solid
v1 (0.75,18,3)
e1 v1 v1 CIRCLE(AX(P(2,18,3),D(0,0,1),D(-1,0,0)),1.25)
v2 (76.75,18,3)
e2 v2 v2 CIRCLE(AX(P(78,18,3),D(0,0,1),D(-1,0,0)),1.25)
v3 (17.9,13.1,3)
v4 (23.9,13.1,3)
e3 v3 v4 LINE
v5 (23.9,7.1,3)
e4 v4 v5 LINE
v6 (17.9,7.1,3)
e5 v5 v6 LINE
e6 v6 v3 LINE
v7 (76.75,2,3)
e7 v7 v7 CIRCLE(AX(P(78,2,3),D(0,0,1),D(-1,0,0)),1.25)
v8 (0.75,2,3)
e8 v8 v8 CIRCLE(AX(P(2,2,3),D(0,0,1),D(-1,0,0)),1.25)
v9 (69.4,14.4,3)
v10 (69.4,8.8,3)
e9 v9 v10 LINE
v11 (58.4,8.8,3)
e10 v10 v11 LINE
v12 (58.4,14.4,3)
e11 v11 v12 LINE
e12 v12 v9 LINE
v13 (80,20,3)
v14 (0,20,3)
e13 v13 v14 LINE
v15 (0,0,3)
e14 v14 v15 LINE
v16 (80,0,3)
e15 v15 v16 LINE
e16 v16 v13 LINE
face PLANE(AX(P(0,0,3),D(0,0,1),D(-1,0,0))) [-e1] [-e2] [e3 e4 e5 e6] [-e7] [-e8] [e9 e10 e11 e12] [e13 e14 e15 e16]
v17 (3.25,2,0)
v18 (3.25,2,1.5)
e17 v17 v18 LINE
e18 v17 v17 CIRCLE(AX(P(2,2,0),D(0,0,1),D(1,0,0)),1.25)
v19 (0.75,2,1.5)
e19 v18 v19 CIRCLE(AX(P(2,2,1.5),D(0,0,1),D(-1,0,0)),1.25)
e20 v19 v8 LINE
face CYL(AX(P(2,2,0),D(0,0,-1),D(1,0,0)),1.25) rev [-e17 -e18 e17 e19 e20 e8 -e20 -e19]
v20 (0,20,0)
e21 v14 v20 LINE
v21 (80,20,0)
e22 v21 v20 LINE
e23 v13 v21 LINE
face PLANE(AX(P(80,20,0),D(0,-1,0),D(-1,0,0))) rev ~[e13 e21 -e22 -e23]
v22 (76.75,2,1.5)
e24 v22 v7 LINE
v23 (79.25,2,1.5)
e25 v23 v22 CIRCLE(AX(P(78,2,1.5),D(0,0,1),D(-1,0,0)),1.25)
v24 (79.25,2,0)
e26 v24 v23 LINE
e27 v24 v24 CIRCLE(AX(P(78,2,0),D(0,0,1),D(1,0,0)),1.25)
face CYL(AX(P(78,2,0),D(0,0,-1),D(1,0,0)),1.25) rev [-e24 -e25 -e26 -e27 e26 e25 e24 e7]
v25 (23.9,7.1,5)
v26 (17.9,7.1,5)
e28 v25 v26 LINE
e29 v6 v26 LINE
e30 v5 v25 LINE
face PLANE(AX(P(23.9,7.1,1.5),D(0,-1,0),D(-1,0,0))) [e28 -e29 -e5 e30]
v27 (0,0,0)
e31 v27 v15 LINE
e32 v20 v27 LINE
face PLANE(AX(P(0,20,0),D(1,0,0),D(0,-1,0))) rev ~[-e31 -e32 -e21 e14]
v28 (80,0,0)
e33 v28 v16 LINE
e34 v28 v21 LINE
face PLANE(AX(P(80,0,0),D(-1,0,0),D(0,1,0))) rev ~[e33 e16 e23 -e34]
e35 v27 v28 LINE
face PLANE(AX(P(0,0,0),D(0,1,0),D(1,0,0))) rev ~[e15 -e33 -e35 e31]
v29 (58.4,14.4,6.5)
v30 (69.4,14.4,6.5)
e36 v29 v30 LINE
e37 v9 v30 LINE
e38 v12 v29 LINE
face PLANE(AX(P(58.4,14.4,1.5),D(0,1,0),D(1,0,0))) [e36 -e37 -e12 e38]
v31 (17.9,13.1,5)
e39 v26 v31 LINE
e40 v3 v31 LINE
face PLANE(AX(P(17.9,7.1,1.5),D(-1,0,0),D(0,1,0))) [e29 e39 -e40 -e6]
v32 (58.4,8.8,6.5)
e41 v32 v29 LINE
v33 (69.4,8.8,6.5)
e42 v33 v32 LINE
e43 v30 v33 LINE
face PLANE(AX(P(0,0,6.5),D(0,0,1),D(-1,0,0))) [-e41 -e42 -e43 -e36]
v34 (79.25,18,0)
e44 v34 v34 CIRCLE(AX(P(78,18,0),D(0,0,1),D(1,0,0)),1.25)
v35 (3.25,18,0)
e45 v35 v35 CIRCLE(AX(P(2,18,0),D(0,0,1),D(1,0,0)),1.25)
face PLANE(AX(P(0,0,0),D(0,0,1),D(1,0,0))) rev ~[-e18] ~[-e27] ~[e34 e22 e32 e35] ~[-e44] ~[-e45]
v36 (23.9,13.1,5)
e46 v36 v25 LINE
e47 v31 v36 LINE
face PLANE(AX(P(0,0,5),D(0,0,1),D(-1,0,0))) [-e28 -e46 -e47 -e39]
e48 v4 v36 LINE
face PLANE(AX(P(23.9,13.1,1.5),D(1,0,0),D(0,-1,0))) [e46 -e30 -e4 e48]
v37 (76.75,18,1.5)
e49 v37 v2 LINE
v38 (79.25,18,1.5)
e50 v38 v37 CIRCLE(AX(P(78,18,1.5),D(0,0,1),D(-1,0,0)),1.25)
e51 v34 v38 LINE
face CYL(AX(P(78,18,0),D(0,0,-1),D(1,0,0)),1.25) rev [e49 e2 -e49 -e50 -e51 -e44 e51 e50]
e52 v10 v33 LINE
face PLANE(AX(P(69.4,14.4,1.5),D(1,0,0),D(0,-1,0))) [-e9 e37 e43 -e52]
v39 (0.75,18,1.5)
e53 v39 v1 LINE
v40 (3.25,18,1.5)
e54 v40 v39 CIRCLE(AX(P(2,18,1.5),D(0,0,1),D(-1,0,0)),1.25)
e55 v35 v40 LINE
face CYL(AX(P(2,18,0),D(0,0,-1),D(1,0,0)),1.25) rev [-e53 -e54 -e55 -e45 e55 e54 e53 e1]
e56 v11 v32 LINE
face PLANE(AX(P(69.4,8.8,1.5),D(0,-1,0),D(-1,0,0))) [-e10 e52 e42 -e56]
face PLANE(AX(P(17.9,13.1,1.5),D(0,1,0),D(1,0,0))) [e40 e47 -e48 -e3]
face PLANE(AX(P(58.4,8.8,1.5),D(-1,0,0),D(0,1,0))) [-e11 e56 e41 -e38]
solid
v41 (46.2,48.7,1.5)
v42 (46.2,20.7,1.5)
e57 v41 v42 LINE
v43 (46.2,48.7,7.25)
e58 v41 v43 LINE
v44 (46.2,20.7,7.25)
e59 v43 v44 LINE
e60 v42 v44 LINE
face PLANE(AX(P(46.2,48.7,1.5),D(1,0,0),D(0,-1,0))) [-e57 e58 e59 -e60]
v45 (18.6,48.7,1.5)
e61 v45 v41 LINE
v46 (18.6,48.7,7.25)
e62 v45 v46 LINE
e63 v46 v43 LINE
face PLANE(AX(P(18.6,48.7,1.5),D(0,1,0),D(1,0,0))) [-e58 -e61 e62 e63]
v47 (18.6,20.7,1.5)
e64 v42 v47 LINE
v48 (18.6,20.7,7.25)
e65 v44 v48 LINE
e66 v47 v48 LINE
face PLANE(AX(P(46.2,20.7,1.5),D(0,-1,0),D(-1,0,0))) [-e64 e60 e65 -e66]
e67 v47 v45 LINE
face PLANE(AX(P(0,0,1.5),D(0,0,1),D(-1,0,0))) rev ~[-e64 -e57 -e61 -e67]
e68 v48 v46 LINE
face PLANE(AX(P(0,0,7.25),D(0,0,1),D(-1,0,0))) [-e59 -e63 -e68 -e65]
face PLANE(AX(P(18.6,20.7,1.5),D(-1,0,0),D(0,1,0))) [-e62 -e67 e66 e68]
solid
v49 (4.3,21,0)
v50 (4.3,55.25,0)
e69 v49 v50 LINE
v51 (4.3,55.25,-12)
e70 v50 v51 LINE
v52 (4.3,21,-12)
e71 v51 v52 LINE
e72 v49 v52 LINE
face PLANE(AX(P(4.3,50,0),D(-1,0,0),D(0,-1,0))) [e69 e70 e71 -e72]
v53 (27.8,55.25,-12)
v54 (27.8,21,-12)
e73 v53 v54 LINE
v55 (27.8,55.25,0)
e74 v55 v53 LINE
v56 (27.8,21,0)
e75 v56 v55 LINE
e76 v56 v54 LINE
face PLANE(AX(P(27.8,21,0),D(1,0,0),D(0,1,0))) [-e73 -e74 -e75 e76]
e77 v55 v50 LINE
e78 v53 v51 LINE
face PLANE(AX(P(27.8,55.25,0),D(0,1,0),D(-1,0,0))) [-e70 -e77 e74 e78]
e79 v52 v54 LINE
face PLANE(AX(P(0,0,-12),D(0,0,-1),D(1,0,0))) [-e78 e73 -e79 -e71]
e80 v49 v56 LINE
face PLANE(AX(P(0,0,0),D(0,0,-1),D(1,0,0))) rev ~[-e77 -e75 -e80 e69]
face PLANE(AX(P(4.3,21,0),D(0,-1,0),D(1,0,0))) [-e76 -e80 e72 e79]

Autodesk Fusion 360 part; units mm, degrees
sketch "Sketch2" plane through (0, 0, 0) normal (0, 0, 1) x (1, 0, 0)
  line L0 (0, 0) -> (70, 0)
  line L1 (70, 0) -> (70, 50)
  line L2 (70, 50) -> (0, 50)
  line L3 (0, 50) -> (0, 0)
  dimension "d1" = 70
  dimension "d2" = 50
extrude "Extrude1" add sketch "Sketch2" along normal blind 1.5
sketch "Sketch3" plane through (0, 0, 1.5) normal (0, 0, 1) x (-1, 0, 0)
  line L0 (0, -50) -> (0, 0)
  line L1 (0, 0) -> (-70, 0)
  line L2 (-70, 0) -> (-70, -50)
  line L3 (-70, -50) -> (0, -50)
  line L4 (-18.6, -48.7) -> (-46.2, -48.7)
  line L5 (-46.2, -48.7) -> (-46.2, -20.7)
  line L6 (-46.2, -20.7) -> (-18.6, -20.7)
  line L7 (-18.6, -20.7) -> (-18.6, -48.7)
  line L8 (-28, -48.7) -> (-28, -50) construction
  line L9 (-18.6, -42) -> (0, -42) construction
  dimension "d5" = 27.6
  dimension "d6" = 28
  dimension "d7" = 1.3
  dimension "d8" = 18.6
extrude "Extrude2" add sketch "Sketch3" along normal blind 5.75 contours L4 L5 L6 L7
sketch "Sketch4" plane through (0, 0, 0) normal (0, 0, -1) x (1, 0, 0)
  line L0 (0, 0) -> (0, -50)
  line L1 (0, -50) -> (70, -50)
  line L2 (70, -50) -> (70, 0)
  line L3 (70, 0) -> (0, 0)
  line L4 (4.3, -21) -> (27.8, -21)
  line L5 (27.8, -21) -> (27.8, -55.25)
  line L6 (27.8, -55.25) -> (4.3, -55.25)
  line L7 (4.3, -55.25) -> (4.3, -21)
  dimension "d11" = 23.5
  dimension "d12" = 34.25
  dimension "d17" = 5.25
  dimension "d18" = 4.3
extrude "Extrude3" add sketch "Sketch4" along normal blind 12 contours L1 L4 L5 L7 | L1 L5 L6 L7
sketch "Sketch5" plane through (0, 0, 1.5) normal (0, 0, 1) x (-1, 0, 0)
  line L0 (-18.6, -20.7) -> (-18.6, -48.7)
  line L1 (-18.6, -48.7) -> (-46.2, -48.7)
  line L2 (-46.2, -48.7) -> (-46.2, -20.7)
  line L3 (-46.2, -20.7) -> (-18.6, -20.7)
  line L4 (0, -50) -> (0, 0)
  line L5 (0, 0) -> (-70, 0)
  line L6 (-70, 0) -> (-70, -50)
  line L7 (-70, -50) -> (0, -50)
  line L8 (-2, -50) -> (-2, -48) construction
  line L9 (0, -48) -> (-2, -48) construction
  circle A0 centre (-2, -48) radius 1.25
  line L10 (-2, 0) -> (-2, -2) construction
  line L11 (0, -2) -> (-2, -2) construction
  circle A1 centre (-2, -2) radius 1.25
  line L12 (-70, -2) -> (-68, -2) construction
  line L13 (-68, -2) -> (-68, 0) construction
  circle A2 centre (-68, -2) radius 1.25
  line L14 (-68, -50) -> (-68, -48) construction
  line L15 (-68, -48) -> (-70, -48) construction
  circle A3 centre (-68, -48) radius 1.25
  dimension "d21" = 2
  dimension "d22" = 2
  dimension "d23" = 2.5
  dimension "d24" = 2
  dimension "d25" = 2
  dimension "d26" = 2.5
  dimension "d27" = 2
  dimension "d28" = 2
  dimension "d29" = 2.5
  dimension "d30" = 2
  dimension "d31" = 2
  dimension "d32" = 2.5
extrude "Extrude4" cut sketch "Sketch5" against normal up to surface (1.5 mm away) contours A0 | A1 | A2 | A3

Autodesk Fusion 360 part; units mm, degrees
sketch "Sketch1" plane through (0, 0, 0) normal (0, 0, 1) x (1, 0, 0)
  line L0 (0, 0) -> (80, 0)
  line L1 (80, 0) -> (80, 20)
  line L2 (80, 20) -> (0, 20)
  line L3 (0, 20) -> (0, 0)
  line L4 (2, 20) -> (2, 18) construction
  line L5 (0, 18) -> (2, 18) construction
  circle A0 centre (2, 18) radius 1.25
  line L6 (78, 20) -> (78, 18) construction
  line L7 (80, 17.9933) -> (78, 18) construction
  circle A1 centre (78, 18) radius 1.25
  line L8 (80, 2) -> (78, 2) construction
  line L9 (78, 0) -> (78, 2) construction
  circle A2 centre (78, 2) radius 1.25
  line L10 (0, 2) -> (2, 2) construction
  line L11 (2, 0) -> (2, 2) construction
  circle A3 centre (2, 2) radius 1.25
  dimension "d1" = 80
  dimension "d2" = 20
  dimension "d5" = 2
  dimension "d6" = 2
  dimension "d7" = 2.5
  dimension "d8" = 2
  dimension "d9" = 2
  dimension "d10" = 2.5
  dimension "d13" = 2
  dimension "d14" = 2
  dimension "d15" = 2.5
  dimension "d16" = 2
  dimension "d17" = 2
  dimension "d18" = 2.5
extrude "Extrude2" add sketch "Sketch1" along normal blind 1.5
sketch "Sketch2" plane through (0, 0, 1.5) normal (0, 0, 1) x (-1, 0, 0)
  circle A0 centre (-2, -18) radius 1.25
  circle A1 centre (-78, -2) radius 1.25
  circle A2 centre (-78, -18) radius 1.25
  circle A3 centre (-2, -2) radius 1.25
  line L0 (0, -20) -> (0, 0)
  line L1 (0, 0) -> (-80, 0)
  line L2 (-80, 0) -> (-80, -20)
  line L3 (-80, -20) -> (0, -20)
  line L4 (-17.9, -13.1) -> (-23.9, -13.1)
  line L5 (-23.9, -13.1) -> (-23.9, -7.1)
  line L6 (-23.9, -7.1) -> (-17.9, -7.1)
  line L7 (-17.9, -7.1) -> (-17.9, -13.1)
  line L8 (-20.9, -20) -> (-20.9, -13.1) construction
  line L9 (0, -11) -> (-17.9, -11) construction
  line L10 (-58.4, -14.4) -> (-69.4, -14.4)
  line L11 (-69.4, -14.4) -> (-69.4, -8.8)
  line L12 (-69.4, -8.8) -> (-58.4, -8.8)
  line L13 (-58.4, -8.8) -> (-58.4, -14.4)
  line L14 (-64.8436, -20) -> (-64.8436, -14.4) construction
  line L15 (-69.4, -11.6) -> (-80, -11.6) construction
  dimension "d21" = 6
  dimension "d22" = 6
  dimension "d23" = 6.9
  dimension "d26" = 17.9
  dimension "d27" = 11
  dimension "d28" = 5.6
  dimension "d29" = 5.6
  dimension "d30" = 10.6
extrude "Extrude3" add sketch "Sketch2" along normal blind 5 contours L10 L11 L12 L13
extrude "Extrude4" add sketch "Sketch2" along normal blind 3.5 contours L4 L5 L6 L7
